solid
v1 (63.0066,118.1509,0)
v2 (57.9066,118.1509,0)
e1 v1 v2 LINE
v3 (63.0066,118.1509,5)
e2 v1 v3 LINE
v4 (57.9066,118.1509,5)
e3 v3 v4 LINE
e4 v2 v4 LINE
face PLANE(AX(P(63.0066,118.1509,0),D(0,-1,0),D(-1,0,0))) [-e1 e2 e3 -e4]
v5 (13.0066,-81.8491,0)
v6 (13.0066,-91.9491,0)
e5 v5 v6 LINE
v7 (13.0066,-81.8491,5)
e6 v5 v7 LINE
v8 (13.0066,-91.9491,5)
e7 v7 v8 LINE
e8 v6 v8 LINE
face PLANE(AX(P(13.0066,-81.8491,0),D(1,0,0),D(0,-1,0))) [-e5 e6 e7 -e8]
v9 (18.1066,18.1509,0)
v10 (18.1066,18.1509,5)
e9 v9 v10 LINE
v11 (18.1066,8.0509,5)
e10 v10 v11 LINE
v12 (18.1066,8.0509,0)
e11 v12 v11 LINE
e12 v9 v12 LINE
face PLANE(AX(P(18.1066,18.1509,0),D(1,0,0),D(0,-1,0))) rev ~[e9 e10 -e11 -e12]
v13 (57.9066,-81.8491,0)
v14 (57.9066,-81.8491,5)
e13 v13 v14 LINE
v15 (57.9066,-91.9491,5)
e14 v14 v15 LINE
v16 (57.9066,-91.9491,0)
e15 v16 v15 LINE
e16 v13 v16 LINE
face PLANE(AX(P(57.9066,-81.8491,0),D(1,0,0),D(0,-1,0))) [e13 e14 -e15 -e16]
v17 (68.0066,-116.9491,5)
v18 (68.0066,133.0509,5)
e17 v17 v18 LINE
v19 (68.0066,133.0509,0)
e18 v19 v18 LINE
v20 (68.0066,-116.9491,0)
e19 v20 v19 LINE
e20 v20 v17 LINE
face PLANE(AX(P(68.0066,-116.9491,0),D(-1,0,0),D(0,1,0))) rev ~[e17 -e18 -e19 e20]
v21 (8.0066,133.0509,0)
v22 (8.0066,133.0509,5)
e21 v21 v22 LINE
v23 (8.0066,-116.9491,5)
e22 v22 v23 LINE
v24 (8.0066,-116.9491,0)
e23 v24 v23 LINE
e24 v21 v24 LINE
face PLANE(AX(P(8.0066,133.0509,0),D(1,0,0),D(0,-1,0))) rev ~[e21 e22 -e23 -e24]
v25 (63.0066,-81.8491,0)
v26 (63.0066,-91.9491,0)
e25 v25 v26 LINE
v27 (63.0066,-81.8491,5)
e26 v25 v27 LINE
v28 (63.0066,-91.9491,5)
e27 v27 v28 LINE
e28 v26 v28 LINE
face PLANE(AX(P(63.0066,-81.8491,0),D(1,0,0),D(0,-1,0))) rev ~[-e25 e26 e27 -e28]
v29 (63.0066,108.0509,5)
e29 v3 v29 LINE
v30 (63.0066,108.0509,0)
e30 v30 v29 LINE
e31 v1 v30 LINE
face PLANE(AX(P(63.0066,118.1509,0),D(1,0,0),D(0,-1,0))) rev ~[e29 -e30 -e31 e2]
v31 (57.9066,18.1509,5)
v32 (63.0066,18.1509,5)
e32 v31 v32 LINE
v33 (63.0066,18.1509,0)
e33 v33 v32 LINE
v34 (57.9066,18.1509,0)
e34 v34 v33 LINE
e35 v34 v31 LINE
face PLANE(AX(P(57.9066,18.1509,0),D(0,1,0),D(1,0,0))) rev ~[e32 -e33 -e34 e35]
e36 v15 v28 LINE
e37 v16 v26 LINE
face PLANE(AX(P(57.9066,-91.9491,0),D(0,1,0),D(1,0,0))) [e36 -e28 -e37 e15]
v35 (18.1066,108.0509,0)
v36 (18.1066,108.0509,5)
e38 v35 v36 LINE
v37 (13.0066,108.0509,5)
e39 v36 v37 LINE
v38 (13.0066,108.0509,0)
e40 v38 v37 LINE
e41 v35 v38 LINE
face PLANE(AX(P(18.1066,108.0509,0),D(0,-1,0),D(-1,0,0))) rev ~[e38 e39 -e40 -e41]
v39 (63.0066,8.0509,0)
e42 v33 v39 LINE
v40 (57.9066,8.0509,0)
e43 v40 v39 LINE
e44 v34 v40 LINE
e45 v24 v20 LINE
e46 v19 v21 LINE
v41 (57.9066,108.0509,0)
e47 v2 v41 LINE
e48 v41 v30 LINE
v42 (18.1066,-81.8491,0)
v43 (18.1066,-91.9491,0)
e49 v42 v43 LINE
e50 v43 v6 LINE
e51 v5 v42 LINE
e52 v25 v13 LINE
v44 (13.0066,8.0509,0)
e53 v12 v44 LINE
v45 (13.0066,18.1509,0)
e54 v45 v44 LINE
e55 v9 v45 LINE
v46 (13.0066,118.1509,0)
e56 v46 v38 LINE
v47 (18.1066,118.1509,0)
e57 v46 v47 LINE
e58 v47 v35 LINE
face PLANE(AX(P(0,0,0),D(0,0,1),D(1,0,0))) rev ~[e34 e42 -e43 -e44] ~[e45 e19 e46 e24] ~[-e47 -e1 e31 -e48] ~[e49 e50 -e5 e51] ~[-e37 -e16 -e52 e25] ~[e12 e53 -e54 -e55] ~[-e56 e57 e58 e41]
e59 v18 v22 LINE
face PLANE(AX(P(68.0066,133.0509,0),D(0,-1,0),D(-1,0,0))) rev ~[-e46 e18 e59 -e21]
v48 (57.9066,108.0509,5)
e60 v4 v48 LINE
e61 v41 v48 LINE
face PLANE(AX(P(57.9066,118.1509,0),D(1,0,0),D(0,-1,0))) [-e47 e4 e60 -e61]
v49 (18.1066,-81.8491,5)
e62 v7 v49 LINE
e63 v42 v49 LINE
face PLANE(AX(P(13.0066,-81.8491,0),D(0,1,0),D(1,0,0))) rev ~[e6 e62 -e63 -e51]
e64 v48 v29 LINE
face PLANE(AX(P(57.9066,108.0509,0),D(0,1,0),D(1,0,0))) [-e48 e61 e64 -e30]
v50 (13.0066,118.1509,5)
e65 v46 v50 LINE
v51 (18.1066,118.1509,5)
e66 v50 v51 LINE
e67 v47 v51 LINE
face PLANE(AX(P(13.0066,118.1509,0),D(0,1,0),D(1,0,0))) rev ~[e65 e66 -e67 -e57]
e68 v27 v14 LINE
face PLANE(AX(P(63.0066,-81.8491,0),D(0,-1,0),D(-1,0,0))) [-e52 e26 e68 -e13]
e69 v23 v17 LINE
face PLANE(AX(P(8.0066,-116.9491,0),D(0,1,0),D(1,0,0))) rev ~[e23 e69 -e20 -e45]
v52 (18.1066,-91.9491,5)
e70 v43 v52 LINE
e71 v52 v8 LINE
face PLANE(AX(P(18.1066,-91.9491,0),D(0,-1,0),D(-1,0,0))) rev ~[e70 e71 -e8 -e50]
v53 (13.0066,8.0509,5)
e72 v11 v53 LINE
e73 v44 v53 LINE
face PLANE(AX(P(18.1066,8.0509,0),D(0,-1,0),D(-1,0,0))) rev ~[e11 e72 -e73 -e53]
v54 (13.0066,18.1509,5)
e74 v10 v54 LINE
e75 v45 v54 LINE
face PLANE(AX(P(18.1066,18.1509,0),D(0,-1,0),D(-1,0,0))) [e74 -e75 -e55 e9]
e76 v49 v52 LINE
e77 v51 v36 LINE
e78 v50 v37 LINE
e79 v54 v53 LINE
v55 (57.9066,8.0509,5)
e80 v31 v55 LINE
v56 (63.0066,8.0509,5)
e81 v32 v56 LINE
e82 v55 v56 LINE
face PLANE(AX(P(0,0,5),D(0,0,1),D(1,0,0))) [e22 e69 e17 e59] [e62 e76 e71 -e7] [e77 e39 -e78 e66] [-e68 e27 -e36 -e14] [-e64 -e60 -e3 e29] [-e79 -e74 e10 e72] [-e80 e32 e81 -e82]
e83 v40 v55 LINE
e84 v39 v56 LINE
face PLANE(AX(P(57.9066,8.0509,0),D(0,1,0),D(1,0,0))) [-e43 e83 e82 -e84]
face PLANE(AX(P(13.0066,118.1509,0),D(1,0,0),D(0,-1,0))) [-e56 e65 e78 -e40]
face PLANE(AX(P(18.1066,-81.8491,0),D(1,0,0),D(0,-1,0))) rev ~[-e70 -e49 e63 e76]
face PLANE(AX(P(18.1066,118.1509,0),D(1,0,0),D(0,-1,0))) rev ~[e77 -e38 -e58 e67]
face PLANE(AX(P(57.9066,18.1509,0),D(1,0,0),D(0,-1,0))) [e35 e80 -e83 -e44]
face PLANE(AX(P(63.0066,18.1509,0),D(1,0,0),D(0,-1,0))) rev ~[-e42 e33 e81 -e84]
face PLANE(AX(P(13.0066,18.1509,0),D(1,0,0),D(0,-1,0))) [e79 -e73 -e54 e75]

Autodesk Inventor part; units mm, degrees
ref_plane "YZ Plane" through (0, 0, 0) normal (1, 0, 0) x (0, 1, 0)
ref_plane "XZ Plane" through (0, 0, 0) normal (0, 1, 0) x (-1, 0, 0)
ref_plane "XY Plane" through (0, 0, 0) normal (0, 0, 1) x (1, 0, 0)
sketch "Sketch1" plane through (0, 0, 0) normal (0, 0, 1) x (1, 0, 0)
  line L0 (-1.9934, -116.9491) -> (8.0066, -116.9491) construction
  line L1 (38.0066, 133.0509) -> (38.0066, -116.9491) construction
  line L2 (8.0066, 133.0509) -> (8.0066, -116.9491)
  line L3 (63.0066, 8.0509) -> (63.0066, -81.8491) construction
  line L4 (57.9066, 8.0509) -> (57.9066, -81.8491) construction
  line L5 (8.0066, -116.9491) -> (68.0066, -116.9491)
  line L6 (57.9066, -91.9491) -> (63.0066, -91.9491)
  line L7 (63.0066, -81.8491) -> (57.9066, -81.8491)
  line L8 (68.0066, 133.0509) -> (8.0066, 133.0509)
  line L9 (57.9066, 18.1509) -> (57.9066, 8.0509)
  line L10 (57.9066, 8.0509) -> (63.0066, 8.0509)
  line L11 (18.1066, 18.1509) -> (18.1066, 8.0509)
  line L12 (13.0066, 18.1509) -> (13.0066, 8.0509)
  line L13 (18.1066, 8.0509) -> (13.0066, 8.0509)
  line L14 (63.0066, 18.1509) -> (63.0066, 8.0509)
  line L15 (18.1066, 18.1509) -> (13.0066, 18.1509)
  line L16 (73.0066, 108.0509) -> (8.0066, 108.0509) construction
  line L17 (73.0066, 118.1509) -> (8.0066, 118.1509) construction
  line L18 (63.0066, 118.1509) -> (63.0066, 108.0509)
  line L19 (57.9066, 118.1509) -> (57.9066, 108.0509)
  line L20 (63.0066, 118.1509) -> (57.9066, 118.1509)
  line L21 (57.9066, 108.0509) -> (63.0066, 108.0509)
  line L22 (57.9066, 108.0509) -> (57.9066, 18.1509) construction
  line L23 (63.0066, 108.0509) -> (63.0066, 18.1509) construction
  line L24 (57.9066, 18.1509) -> (63.0066, 18.1509)
  line L25 (57.9066, -81.8491) -> (57.9066, -91.9491)
  line L26 (63.0066, -81.8491) -> (63.0066, -91.9491)
  line L27 (13.0066, -81.8491) -> (18.1066, -81.8491)
  line L28 (13.0066, -81.8491) -> (13.0066, -91.9491)
  line L29 (18.1066, -81.8491) -> (18.1066, -91.9491)
  line L30 (18.1066, -91.9491) -> (13.0066, -91.9491)
  line L31 (-1.9934, -91.9491) -> (68.0066, -91.9491) construction
  line L32 (8.0066, -116.9491) -> (-1.9934, -116.9491) construction
  line L33 (-1.9934, -81.8491) -> (68.0066, -81.8491) construction
  line L34 (3.0066, 108.0509) -> (68.0066, 108.0509) construction
  line L35 (3.0066, 118.1509) -> (68.0066, 118.1509) construction
  line L36 (18.1066, 108.0509) -> (13.0066, 108.0509)
  line L37 (13.0066, 118.1509) -> (13.0066, 108.0509)
  line L38 (13.0066, 118.1509) -> (18.1066, 118.1509)
  line L39 (18.1066, 118.1509) -> (18.1066, 108.0509)
  line L40 (68.0066, -116.9491) -> (68.0066, 133.0509)
  point P0 (0, 0)
extrude "Extrusion1" add sketch "Sketch1" along normal blind 5
properties part number "Lifting Sections right"
